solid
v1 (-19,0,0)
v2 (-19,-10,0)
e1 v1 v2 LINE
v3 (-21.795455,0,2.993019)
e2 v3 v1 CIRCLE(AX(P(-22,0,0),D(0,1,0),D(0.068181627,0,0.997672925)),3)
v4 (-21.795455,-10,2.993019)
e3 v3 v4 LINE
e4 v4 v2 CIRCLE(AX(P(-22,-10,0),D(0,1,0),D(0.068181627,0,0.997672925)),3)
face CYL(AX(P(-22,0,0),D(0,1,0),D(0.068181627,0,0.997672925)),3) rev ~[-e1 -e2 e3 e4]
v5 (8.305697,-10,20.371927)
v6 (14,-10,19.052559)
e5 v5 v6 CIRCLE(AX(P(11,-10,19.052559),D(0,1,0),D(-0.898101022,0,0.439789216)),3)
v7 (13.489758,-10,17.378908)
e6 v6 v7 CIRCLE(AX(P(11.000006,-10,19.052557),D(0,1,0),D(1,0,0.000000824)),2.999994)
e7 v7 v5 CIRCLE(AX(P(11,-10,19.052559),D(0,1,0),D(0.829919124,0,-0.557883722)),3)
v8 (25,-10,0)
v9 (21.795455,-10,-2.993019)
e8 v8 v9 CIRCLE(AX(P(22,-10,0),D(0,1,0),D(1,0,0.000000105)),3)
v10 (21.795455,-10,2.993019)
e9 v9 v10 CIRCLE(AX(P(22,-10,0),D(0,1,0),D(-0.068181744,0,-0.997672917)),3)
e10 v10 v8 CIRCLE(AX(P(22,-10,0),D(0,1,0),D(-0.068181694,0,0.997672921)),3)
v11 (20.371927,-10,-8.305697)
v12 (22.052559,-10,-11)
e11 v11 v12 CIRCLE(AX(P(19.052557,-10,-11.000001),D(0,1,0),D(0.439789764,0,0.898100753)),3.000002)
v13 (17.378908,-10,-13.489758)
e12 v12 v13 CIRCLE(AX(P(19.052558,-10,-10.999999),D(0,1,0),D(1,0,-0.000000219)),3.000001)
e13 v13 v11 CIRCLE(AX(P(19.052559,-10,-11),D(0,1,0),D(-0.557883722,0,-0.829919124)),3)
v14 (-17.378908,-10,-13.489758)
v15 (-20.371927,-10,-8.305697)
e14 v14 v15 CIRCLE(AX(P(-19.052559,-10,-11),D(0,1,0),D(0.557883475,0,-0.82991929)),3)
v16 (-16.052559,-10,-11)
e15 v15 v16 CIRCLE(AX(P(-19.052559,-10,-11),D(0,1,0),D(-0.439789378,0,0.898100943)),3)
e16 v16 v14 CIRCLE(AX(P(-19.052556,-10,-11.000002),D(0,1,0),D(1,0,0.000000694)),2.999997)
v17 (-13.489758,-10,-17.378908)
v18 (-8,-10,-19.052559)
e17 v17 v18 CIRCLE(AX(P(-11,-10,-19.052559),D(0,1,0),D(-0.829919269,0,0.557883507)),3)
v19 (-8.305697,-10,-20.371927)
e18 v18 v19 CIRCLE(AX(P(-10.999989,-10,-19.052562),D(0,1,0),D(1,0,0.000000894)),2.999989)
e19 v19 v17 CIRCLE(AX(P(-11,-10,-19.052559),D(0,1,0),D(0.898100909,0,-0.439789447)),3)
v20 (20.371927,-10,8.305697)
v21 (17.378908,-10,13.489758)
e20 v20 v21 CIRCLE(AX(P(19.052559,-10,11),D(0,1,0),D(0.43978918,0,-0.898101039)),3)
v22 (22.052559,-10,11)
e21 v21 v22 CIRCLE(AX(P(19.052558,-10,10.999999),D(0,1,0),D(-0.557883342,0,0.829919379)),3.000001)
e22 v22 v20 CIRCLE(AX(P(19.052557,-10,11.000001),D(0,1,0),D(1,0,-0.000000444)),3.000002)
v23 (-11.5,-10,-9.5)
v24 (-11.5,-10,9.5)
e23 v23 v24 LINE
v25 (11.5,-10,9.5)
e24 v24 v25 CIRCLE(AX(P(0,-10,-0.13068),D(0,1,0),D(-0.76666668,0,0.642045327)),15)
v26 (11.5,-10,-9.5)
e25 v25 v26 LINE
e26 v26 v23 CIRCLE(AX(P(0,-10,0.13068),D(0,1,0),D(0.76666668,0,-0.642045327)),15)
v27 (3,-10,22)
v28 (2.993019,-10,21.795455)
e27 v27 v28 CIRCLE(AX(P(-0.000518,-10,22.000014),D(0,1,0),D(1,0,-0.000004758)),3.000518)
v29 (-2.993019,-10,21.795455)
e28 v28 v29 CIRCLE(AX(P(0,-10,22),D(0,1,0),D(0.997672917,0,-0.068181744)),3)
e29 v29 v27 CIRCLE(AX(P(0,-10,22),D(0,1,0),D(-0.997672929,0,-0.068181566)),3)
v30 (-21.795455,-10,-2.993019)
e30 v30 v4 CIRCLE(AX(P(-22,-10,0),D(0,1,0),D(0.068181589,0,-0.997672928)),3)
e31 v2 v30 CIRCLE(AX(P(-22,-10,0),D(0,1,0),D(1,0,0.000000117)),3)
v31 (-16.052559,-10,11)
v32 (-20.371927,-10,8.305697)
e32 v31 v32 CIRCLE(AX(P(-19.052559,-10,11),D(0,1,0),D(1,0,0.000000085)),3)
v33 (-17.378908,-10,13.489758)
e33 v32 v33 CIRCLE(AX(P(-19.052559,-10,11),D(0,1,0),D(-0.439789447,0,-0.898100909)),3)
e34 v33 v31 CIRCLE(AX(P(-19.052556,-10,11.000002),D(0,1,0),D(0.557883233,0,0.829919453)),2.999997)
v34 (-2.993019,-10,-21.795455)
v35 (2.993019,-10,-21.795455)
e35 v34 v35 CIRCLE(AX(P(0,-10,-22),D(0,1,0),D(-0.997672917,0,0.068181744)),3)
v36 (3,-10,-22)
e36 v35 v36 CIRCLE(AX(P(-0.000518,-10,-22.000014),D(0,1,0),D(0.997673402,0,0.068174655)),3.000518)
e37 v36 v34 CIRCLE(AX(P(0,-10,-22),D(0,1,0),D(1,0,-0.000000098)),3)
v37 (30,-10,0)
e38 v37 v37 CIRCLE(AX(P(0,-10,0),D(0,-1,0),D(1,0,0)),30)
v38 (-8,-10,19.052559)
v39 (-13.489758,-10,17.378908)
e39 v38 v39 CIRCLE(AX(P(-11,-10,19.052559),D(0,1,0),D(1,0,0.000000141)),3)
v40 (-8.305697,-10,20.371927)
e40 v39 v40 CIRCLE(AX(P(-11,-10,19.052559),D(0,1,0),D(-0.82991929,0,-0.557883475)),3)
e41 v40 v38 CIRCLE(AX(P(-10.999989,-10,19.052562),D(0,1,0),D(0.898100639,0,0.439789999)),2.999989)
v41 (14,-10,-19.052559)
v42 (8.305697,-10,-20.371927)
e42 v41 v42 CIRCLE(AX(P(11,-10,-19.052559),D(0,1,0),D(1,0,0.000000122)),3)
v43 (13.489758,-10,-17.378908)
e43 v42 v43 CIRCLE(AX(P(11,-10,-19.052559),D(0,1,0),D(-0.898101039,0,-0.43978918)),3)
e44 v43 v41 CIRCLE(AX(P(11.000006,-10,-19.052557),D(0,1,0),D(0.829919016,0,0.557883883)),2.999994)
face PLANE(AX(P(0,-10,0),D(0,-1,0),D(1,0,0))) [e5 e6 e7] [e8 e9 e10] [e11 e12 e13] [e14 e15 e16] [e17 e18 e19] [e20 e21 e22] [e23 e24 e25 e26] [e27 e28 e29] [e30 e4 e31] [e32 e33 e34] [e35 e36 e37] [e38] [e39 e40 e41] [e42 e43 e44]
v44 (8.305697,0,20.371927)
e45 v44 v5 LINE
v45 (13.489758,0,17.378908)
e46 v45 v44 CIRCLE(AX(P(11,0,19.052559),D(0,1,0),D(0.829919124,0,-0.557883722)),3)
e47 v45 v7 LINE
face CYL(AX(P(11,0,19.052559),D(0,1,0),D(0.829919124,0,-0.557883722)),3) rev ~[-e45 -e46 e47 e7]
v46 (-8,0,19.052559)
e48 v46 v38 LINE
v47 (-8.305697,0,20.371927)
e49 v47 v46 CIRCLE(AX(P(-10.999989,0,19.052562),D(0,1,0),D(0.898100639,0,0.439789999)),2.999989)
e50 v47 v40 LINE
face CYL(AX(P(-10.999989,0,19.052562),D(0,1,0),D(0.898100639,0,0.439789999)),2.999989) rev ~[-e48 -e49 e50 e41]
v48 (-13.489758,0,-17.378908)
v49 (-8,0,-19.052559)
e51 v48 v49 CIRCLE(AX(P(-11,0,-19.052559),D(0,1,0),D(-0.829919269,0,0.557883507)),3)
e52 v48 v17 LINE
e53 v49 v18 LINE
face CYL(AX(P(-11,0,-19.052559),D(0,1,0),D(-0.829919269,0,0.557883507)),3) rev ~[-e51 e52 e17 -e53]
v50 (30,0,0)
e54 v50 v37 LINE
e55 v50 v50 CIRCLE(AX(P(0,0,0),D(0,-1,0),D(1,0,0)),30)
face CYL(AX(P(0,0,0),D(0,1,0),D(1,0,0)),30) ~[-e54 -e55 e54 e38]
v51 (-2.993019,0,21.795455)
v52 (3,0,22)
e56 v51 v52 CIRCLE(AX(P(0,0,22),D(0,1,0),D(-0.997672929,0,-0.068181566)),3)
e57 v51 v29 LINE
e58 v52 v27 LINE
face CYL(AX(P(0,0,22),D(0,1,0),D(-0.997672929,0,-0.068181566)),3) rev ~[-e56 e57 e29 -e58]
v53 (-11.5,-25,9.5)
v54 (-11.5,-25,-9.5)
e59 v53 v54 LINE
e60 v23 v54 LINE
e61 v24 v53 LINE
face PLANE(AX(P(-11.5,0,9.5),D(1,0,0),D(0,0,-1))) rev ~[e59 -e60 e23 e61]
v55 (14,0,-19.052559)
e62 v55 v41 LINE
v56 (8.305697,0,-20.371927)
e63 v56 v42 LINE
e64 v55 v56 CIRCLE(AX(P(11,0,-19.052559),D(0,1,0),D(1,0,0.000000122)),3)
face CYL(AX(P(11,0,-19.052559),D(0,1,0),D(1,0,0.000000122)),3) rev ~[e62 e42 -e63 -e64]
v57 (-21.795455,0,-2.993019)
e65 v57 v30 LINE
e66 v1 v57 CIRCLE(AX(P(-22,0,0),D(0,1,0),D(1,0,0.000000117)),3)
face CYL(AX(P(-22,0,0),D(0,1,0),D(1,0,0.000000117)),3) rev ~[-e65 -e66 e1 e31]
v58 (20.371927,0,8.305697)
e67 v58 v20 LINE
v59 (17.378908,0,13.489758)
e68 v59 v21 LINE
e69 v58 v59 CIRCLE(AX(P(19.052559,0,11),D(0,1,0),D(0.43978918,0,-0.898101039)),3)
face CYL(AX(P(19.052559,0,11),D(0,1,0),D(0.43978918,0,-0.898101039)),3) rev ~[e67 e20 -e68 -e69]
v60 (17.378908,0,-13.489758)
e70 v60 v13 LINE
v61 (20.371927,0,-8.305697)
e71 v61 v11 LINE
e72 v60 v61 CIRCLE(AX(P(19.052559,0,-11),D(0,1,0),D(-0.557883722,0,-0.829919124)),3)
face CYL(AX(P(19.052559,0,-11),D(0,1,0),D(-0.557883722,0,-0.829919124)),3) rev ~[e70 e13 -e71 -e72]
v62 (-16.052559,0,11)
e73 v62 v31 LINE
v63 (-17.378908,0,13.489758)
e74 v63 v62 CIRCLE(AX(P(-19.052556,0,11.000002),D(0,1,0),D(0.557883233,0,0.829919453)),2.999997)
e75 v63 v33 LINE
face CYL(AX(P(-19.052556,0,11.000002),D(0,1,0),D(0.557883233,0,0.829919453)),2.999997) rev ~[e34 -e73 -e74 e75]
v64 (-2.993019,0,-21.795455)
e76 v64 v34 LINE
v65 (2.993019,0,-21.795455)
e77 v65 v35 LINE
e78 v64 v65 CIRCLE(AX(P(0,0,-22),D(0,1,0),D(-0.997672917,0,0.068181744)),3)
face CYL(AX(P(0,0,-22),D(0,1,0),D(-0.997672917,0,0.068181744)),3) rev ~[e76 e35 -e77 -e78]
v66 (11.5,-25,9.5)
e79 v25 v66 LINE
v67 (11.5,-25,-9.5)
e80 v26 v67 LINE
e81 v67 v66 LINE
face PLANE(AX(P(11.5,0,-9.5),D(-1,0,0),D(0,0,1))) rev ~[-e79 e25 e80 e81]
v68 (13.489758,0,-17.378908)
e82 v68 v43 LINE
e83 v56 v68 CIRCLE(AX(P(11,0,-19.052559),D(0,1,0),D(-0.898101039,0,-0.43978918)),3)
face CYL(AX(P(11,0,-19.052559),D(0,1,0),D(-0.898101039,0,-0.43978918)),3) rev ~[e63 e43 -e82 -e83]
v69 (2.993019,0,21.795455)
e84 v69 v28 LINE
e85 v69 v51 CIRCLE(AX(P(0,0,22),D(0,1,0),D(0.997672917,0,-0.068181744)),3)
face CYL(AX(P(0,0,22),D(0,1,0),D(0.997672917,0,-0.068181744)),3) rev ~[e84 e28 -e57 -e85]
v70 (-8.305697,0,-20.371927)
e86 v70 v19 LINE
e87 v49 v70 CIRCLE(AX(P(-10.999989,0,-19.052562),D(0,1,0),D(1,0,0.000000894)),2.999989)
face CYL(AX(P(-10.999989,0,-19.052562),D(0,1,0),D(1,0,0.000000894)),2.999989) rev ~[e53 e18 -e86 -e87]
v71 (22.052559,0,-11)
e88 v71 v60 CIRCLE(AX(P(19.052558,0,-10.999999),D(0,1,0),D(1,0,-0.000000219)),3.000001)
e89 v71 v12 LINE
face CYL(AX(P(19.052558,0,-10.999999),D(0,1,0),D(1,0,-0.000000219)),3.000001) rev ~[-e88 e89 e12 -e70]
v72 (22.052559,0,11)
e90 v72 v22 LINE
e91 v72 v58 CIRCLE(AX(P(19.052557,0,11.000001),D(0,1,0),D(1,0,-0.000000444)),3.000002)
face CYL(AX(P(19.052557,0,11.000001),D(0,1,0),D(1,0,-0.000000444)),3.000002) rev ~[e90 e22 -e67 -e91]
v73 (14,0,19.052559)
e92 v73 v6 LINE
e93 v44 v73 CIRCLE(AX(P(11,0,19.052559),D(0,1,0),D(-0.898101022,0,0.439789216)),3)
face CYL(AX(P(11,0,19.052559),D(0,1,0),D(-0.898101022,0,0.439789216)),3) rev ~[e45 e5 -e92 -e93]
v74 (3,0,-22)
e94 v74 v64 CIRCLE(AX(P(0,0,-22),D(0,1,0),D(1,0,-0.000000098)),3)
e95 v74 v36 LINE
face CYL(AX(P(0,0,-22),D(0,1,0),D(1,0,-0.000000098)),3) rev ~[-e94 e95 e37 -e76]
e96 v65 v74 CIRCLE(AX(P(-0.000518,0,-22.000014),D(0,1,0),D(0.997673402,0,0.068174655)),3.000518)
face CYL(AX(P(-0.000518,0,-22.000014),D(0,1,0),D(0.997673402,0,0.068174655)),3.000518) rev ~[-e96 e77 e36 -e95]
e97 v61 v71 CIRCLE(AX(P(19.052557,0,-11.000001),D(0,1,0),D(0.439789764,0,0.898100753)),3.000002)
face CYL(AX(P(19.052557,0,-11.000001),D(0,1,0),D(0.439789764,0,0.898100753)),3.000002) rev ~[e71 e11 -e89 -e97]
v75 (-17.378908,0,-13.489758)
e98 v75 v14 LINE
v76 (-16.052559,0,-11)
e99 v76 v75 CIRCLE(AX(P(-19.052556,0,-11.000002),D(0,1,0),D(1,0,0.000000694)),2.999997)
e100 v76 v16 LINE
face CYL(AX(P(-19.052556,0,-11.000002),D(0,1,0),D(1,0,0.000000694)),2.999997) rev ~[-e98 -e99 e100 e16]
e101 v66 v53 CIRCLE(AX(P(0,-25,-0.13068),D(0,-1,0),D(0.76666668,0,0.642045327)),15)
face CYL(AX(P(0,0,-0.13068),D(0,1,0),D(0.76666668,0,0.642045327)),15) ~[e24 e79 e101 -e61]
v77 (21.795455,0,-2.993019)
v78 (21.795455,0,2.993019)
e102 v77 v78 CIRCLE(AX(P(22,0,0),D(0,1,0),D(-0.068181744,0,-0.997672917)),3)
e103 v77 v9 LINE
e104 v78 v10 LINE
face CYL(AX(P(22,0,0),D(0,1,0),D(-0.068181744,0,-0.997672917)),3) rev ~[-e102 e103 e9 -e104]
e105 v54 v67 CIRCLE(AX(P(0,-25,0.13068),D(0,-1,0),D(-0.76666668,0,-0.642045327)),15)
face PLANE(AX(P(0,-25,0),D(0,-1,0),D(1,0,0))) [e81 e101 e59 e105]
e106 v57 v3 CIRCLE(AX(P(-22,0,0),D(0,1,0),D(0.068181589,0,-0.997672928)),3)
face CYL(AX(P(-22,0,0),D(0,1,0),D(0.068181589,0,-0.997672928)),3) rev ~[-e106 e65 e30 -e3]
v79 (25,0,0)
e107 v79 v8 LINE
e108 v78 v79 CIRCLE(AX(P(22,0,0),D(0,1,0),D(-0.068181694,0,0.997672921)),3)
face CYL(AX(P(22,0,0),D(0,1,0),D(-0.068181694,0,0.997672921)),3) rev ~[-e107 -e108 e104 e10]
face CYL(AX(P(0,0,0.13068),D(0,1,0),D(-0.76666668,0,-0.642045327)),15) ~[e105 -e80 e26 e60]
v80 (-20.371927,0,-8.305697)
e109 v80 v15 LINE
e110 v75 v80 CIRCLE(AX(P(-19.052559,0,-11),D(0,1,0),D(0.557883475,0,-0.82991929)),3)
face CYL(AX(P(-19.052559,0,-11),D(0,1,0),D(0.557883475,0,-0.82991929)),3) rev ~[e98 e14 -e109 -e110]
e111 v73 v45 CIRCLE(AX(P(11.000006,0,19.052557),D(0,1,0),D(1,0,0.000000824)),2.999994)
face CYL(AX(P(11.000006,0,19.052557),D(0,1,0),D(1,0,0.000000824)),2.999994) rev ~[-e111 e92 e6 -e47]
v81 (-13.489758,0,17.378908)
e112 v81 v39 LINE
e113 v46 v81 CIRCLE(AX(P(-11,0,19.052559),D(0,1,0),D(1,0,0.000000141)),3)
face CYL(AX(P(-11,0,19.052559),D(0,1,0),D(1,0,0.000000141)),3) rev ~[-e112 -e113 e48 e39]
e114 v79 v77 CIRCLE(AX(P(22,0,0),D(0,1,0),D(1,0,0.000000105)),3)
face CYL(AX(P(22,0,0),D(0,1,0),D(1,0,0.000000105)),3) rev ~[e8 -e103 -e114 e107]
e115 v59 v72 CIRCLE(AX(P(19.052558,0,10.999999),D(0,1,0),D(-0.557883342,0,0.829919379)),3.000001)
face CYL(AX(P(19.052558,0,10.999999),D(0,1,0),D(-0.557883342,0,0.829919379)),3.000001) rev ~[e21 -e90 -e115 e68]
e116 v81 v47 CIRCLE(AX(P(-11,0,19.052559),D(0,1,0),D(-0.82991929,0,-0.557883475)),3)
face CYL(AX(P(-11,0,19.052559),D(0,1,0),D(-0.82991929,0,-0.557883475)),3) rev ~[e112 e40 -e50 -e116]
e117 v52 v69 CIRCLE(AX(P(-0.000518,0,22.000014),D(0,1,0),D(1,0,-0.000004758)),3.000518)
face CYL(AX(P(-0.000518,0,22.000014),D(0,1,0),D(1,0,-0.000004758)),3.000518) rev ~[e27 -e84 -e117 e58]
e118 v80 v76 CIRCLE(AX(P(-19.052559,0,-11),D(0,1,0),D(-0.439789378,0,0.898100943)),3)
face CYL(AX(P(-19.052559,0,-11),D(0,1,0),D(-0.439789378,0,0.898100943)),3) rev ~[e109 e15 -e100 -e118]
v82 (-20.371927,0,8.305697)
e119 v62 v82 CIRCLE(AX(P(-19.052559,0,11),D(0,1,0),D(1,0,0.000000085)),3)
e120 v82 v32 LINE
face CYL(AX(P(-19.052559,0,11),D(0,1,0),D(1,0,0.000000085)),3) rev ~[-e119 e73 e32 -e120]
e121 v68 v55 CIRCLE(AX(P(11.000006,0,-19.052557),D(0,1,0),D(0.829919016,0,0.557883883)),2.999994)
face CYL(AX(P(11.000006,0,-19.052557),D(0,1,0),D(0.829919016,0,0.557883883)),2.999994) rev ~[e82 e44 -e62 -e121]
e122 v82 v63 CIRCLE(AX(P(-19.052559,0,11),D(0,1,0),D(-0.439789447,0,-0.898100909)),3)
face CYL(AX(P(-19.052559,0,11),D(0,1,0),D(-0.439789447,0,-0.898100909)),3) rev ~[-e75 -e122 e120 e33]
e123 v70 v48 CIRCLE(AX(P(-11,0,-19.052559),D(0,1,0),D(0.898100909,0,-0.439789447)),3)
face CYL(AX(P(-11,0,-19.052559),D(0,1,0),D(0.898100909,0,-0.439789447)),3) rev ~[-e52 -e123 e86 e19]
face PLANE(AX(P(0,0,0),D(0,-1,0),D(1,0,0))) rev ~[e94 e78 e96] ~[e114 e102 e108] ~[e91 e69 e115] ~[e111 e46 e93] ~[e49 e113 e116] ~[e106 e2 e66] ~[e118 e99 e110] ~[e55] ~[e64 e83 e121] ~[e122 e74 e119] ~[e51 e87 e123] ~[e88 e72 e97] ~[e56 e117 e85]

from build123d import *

# Parameters (mm, degrees)
F0_R     = 30
F1_DEPTH = 10
F2_DEPTH = 25


with BuildPart() as f1:
    # F0 (on Front) → F1 (new body)
    with BuildSketch(Plane.XZ):
        Circle(F0_R)
        with BuildLine():
            ThreePointArc((20.371927, 8.305697), (21.250368, 5.694019), (21.795455, 2.993019))
            ThreePointArc((21.795455, 2.993019), (24.047726, 2.192446), (25, 0))
            ThreePointArc((25, 0), (24.047726, -2.192446), (21.795455, -2.993019))
            ThreePointArc((21.795455, -2.993019), (21.250368, -5.694019), (20.371927, -8.305697))
            ThreePointArc((20.371927, -8.305697), (21.597957, -9.412251), (22.052559, -11))
            ThreePointArc((22.052559, -11), (20.463064, -13.64773), (17.378908, -13.489758))
            ThreePointArc((17.378908, -13.489758), (15.556349, -15.556349), (13.489758, -17.378908))
            ThreePointArc((13.489758, -17.378908), (13.869606, -18.177708), (14, -19.052559))
            ThreePointArc((14, -19.052559), (11.67716, -21.975136), (8.305697, -20.371927))
            ThreePointArc((8.305697, -20.371927), (5.694019, -21.250368), (2.993019, -21.795455))
            ThreePointArc((2.993019, -21.795455), (2.998254, -21.897668), (3, -22))
            ThreePointArc((3, -22), (-0.102332, -24.998254), (-2.993019, -21.795455))
            ThreePointArc((-2.993019, -21.795455), (-5.694019, -21.250368), (-8.305697, -20.371927))
            ThreePointArc((-8.305697, -20.371927), (-12.5, -21.650635), (-13.489758, -17.378908))
            ThreePointArc((-13.489758, -17.378908), (-15.556349, -15.556349), (-17.378908, -13.489758))
            ThreePointArc((-17.378908, -13.489758), (-21.650635, -12.5), (-20.371927, -8.305697))
            ThreePointArc((-20.371927, -8.305697), (-21.250368, -5.694019), (-21.795455, -2.993019))
            ThreePointArc((-21.795455, -2.993019), (-25, 0), (-21.795455, 2.993019))
            ThreePointArc((-21.795455, 2.993019), (-21.250368, 5.694019), (-20.371927, 8.305697))
            ThreePointArc((-20.371927, 8.305697), (-21.650635, 12.5), (-17.378908, 13.489758))
            ThreePointArc((-17.378908, 13.489758), (-15.556349, 15.556349), (-13.489758, 17.378908))
            ThreePointArc((-13.489758, 17.378908), (-12.5, 21.650635), (-8.305697, 20.371927))
            ThreePointArc((-8.305697, 20.371927), (-5.694019, 21.250368), (-2.993019, 21.795455))
            ThreePointArc((-2.993019, 21.795455), (-0.102332, 24.998254), (3, 22))
            ThreePointArc((3, 22), (2.998254, 21.897668), (2.993019, 21.795455))
            ThreePointArc((2.993019, 21.795455), (5.694019, 21.250368), (8.305697, 20.371927))
            ThreePointArc((8.305697, 20.371927), (11.67716, 21.975136), (14, 19.052559))
            ThreePointArc((14, 19.052559), (13.869606, 18.177708), (13.489758, 17.378908))
            ThreePointArc((13.489758, 17.378908), (15.556349, 15.556349), (17.378908, 13.489758))
            ThreePointArc((17.378908, 13.489758), (20.463064, 13.64773), (22.052559, 11))
            ThreePointArc((22.052559, 11), (21.597957, 9.412251), (20.371927, 8.305697))
        make_face(mode=Mode.SUBTRACT)
        with BuildLine():
            ThreePointArc((21.795455, -2.993019), (19, 0), (21.795455, 2.993019))
            ThreePointArc((21.795455, 2.993019), (21.250368, 5.694019), (20.371927, 8.305697))
            ThreePointArc((20.371927, 8.305697), (16.454483, 9.5), (17.378908, 13.489758))
            ThreePointArc((17.378908, 13.489758), (15.556349, 15.556349), (13.489758, 17.378908))
            ThreePointArc((13.489758, 17.378908), (9.5, 16.454483), (8.305697, 20.371927))
            ThreePointArc((8.305697, 20.371927), (5.694019, 21.250368), (2.993019, 21.795455))
            ThreePointArc((2.993019, 21.795455), (0, 19), (-2.993019, 21.795455))
            ThreePointArc((-2.993019, 21.795455), (-5.694019, 21.250368), (-8.305697, 20.371927))
            ThreePointArc((-8.305697, 20.371927), (-8.077423, 19.729719), (-8, 19.052559))
            ThreePointArc((-8, 19.052559), (-10.125149, 16.182953), (-13.489758, 17.378908))
            ThreePointArc((-13.489758, 17.378908), (-15.556349, 15.556349), (-17.378908, 13.489758))
            ThreePointArc((-17.378908, 13.489758), (-16.404828, 12.410505), (-16.052559, 11))
            ThreePointArc((-16.052559, 11), (-17.464809, 8.454602), (-20.371927, 8.305697))
            ThreePointArc((-20.371927, 8.305697), (-21.250368, 5.694019), (-21.795455, 2.993019))
            ThreePointArc((-21.795455, 2.993019), (-19.807554, 2.047726), (-19, 0))
            ThreePointArc((-19, 0), (-19.807554, -2.047726), (-21.795455, -2.993019))
            ThreePointArc((-21.795455, -2.993019), (-21.250368, -5.694019), (-20.371927, -8.305697))
            ThreePointArc((-20.371927, -8.305697), (-17.464809, -8.454602), (-16.052559, -11))
            ThreePointArc((-16.052559, -11), (-16.404828, -12.410505), (-17.378908, -13.489758))
            ThreePointArc((-17.378908, -13.489758), (-15.556349, -15.556349), (-13.489758, -17.378908))
            ThreePointArc((-13.489758, -17.378908), (-10.125149, -16.182953), (-8, -19.052559))
            ThreePointArc((-8, -19.052559), (-8.077423, -19.729719), (-8.305697, -20.371927))
            ThreePointArc((-8.305697, -20.371927), (-5.694019, -21.250368), (-2.993019, -21.795455))
            ThreePointArc((-2.993019, -21.795455), (0, -19), (2.993019, -21.795455))
            ThreePointArc((2.993019, -21.795455), (5.694019, -21.250368), (8.305697, -20.371927))
            ThreePointArc((8.305697, -20.371927), (9.5, -16.454483), (13.489758, -17.378908))
            ThreePointArc((13.489758, -17.378908), (15.556349, -15.556349), (17.378908, -13.489758))
            ThreePointArc((17.378908, -13.489758), (16.454483, -9.5), (20.371927, -8.305697))
            ThreePointArc((20.371927, -8.305697), (21.250368, -5.694019), (21.795455, -2.993019))
        make_face()
        with BuildLine():
            Line((-11.5, -9.5), (-11.5, 9.5))
            ThreePointArc((-11.5, 9.5), (0, 14.86932), (11.5, 9.5))
            Line((11.5, 9.5), (11.5, -9.5))
            ThreePointArc((11.5, -9.5), (0, -14.86932), (-11.5, -9.5))
        make_face(mode=Mode.SUBTRACT)
    extrude(amount=F1_DEPTH)

    # F0 (on Front) → F2 (join)
    with BuildSketch(Plane.XZ):
        with BuildLine():
            ThreePointArc((11.5, 9.5), (0, 14.86932), (-11.5, 9.5))
            Line((-11.5, 9.5), (-11.5, -9.5))
            ThreePointArc((-11.5, -9.5), (0, -14.86932), (11.5, -9.5))
            Line((11.5, -9.5), (11.5, 9.5))
        make_face()
    extrude(amount=F2_DEPTH)


solid = f1.part
